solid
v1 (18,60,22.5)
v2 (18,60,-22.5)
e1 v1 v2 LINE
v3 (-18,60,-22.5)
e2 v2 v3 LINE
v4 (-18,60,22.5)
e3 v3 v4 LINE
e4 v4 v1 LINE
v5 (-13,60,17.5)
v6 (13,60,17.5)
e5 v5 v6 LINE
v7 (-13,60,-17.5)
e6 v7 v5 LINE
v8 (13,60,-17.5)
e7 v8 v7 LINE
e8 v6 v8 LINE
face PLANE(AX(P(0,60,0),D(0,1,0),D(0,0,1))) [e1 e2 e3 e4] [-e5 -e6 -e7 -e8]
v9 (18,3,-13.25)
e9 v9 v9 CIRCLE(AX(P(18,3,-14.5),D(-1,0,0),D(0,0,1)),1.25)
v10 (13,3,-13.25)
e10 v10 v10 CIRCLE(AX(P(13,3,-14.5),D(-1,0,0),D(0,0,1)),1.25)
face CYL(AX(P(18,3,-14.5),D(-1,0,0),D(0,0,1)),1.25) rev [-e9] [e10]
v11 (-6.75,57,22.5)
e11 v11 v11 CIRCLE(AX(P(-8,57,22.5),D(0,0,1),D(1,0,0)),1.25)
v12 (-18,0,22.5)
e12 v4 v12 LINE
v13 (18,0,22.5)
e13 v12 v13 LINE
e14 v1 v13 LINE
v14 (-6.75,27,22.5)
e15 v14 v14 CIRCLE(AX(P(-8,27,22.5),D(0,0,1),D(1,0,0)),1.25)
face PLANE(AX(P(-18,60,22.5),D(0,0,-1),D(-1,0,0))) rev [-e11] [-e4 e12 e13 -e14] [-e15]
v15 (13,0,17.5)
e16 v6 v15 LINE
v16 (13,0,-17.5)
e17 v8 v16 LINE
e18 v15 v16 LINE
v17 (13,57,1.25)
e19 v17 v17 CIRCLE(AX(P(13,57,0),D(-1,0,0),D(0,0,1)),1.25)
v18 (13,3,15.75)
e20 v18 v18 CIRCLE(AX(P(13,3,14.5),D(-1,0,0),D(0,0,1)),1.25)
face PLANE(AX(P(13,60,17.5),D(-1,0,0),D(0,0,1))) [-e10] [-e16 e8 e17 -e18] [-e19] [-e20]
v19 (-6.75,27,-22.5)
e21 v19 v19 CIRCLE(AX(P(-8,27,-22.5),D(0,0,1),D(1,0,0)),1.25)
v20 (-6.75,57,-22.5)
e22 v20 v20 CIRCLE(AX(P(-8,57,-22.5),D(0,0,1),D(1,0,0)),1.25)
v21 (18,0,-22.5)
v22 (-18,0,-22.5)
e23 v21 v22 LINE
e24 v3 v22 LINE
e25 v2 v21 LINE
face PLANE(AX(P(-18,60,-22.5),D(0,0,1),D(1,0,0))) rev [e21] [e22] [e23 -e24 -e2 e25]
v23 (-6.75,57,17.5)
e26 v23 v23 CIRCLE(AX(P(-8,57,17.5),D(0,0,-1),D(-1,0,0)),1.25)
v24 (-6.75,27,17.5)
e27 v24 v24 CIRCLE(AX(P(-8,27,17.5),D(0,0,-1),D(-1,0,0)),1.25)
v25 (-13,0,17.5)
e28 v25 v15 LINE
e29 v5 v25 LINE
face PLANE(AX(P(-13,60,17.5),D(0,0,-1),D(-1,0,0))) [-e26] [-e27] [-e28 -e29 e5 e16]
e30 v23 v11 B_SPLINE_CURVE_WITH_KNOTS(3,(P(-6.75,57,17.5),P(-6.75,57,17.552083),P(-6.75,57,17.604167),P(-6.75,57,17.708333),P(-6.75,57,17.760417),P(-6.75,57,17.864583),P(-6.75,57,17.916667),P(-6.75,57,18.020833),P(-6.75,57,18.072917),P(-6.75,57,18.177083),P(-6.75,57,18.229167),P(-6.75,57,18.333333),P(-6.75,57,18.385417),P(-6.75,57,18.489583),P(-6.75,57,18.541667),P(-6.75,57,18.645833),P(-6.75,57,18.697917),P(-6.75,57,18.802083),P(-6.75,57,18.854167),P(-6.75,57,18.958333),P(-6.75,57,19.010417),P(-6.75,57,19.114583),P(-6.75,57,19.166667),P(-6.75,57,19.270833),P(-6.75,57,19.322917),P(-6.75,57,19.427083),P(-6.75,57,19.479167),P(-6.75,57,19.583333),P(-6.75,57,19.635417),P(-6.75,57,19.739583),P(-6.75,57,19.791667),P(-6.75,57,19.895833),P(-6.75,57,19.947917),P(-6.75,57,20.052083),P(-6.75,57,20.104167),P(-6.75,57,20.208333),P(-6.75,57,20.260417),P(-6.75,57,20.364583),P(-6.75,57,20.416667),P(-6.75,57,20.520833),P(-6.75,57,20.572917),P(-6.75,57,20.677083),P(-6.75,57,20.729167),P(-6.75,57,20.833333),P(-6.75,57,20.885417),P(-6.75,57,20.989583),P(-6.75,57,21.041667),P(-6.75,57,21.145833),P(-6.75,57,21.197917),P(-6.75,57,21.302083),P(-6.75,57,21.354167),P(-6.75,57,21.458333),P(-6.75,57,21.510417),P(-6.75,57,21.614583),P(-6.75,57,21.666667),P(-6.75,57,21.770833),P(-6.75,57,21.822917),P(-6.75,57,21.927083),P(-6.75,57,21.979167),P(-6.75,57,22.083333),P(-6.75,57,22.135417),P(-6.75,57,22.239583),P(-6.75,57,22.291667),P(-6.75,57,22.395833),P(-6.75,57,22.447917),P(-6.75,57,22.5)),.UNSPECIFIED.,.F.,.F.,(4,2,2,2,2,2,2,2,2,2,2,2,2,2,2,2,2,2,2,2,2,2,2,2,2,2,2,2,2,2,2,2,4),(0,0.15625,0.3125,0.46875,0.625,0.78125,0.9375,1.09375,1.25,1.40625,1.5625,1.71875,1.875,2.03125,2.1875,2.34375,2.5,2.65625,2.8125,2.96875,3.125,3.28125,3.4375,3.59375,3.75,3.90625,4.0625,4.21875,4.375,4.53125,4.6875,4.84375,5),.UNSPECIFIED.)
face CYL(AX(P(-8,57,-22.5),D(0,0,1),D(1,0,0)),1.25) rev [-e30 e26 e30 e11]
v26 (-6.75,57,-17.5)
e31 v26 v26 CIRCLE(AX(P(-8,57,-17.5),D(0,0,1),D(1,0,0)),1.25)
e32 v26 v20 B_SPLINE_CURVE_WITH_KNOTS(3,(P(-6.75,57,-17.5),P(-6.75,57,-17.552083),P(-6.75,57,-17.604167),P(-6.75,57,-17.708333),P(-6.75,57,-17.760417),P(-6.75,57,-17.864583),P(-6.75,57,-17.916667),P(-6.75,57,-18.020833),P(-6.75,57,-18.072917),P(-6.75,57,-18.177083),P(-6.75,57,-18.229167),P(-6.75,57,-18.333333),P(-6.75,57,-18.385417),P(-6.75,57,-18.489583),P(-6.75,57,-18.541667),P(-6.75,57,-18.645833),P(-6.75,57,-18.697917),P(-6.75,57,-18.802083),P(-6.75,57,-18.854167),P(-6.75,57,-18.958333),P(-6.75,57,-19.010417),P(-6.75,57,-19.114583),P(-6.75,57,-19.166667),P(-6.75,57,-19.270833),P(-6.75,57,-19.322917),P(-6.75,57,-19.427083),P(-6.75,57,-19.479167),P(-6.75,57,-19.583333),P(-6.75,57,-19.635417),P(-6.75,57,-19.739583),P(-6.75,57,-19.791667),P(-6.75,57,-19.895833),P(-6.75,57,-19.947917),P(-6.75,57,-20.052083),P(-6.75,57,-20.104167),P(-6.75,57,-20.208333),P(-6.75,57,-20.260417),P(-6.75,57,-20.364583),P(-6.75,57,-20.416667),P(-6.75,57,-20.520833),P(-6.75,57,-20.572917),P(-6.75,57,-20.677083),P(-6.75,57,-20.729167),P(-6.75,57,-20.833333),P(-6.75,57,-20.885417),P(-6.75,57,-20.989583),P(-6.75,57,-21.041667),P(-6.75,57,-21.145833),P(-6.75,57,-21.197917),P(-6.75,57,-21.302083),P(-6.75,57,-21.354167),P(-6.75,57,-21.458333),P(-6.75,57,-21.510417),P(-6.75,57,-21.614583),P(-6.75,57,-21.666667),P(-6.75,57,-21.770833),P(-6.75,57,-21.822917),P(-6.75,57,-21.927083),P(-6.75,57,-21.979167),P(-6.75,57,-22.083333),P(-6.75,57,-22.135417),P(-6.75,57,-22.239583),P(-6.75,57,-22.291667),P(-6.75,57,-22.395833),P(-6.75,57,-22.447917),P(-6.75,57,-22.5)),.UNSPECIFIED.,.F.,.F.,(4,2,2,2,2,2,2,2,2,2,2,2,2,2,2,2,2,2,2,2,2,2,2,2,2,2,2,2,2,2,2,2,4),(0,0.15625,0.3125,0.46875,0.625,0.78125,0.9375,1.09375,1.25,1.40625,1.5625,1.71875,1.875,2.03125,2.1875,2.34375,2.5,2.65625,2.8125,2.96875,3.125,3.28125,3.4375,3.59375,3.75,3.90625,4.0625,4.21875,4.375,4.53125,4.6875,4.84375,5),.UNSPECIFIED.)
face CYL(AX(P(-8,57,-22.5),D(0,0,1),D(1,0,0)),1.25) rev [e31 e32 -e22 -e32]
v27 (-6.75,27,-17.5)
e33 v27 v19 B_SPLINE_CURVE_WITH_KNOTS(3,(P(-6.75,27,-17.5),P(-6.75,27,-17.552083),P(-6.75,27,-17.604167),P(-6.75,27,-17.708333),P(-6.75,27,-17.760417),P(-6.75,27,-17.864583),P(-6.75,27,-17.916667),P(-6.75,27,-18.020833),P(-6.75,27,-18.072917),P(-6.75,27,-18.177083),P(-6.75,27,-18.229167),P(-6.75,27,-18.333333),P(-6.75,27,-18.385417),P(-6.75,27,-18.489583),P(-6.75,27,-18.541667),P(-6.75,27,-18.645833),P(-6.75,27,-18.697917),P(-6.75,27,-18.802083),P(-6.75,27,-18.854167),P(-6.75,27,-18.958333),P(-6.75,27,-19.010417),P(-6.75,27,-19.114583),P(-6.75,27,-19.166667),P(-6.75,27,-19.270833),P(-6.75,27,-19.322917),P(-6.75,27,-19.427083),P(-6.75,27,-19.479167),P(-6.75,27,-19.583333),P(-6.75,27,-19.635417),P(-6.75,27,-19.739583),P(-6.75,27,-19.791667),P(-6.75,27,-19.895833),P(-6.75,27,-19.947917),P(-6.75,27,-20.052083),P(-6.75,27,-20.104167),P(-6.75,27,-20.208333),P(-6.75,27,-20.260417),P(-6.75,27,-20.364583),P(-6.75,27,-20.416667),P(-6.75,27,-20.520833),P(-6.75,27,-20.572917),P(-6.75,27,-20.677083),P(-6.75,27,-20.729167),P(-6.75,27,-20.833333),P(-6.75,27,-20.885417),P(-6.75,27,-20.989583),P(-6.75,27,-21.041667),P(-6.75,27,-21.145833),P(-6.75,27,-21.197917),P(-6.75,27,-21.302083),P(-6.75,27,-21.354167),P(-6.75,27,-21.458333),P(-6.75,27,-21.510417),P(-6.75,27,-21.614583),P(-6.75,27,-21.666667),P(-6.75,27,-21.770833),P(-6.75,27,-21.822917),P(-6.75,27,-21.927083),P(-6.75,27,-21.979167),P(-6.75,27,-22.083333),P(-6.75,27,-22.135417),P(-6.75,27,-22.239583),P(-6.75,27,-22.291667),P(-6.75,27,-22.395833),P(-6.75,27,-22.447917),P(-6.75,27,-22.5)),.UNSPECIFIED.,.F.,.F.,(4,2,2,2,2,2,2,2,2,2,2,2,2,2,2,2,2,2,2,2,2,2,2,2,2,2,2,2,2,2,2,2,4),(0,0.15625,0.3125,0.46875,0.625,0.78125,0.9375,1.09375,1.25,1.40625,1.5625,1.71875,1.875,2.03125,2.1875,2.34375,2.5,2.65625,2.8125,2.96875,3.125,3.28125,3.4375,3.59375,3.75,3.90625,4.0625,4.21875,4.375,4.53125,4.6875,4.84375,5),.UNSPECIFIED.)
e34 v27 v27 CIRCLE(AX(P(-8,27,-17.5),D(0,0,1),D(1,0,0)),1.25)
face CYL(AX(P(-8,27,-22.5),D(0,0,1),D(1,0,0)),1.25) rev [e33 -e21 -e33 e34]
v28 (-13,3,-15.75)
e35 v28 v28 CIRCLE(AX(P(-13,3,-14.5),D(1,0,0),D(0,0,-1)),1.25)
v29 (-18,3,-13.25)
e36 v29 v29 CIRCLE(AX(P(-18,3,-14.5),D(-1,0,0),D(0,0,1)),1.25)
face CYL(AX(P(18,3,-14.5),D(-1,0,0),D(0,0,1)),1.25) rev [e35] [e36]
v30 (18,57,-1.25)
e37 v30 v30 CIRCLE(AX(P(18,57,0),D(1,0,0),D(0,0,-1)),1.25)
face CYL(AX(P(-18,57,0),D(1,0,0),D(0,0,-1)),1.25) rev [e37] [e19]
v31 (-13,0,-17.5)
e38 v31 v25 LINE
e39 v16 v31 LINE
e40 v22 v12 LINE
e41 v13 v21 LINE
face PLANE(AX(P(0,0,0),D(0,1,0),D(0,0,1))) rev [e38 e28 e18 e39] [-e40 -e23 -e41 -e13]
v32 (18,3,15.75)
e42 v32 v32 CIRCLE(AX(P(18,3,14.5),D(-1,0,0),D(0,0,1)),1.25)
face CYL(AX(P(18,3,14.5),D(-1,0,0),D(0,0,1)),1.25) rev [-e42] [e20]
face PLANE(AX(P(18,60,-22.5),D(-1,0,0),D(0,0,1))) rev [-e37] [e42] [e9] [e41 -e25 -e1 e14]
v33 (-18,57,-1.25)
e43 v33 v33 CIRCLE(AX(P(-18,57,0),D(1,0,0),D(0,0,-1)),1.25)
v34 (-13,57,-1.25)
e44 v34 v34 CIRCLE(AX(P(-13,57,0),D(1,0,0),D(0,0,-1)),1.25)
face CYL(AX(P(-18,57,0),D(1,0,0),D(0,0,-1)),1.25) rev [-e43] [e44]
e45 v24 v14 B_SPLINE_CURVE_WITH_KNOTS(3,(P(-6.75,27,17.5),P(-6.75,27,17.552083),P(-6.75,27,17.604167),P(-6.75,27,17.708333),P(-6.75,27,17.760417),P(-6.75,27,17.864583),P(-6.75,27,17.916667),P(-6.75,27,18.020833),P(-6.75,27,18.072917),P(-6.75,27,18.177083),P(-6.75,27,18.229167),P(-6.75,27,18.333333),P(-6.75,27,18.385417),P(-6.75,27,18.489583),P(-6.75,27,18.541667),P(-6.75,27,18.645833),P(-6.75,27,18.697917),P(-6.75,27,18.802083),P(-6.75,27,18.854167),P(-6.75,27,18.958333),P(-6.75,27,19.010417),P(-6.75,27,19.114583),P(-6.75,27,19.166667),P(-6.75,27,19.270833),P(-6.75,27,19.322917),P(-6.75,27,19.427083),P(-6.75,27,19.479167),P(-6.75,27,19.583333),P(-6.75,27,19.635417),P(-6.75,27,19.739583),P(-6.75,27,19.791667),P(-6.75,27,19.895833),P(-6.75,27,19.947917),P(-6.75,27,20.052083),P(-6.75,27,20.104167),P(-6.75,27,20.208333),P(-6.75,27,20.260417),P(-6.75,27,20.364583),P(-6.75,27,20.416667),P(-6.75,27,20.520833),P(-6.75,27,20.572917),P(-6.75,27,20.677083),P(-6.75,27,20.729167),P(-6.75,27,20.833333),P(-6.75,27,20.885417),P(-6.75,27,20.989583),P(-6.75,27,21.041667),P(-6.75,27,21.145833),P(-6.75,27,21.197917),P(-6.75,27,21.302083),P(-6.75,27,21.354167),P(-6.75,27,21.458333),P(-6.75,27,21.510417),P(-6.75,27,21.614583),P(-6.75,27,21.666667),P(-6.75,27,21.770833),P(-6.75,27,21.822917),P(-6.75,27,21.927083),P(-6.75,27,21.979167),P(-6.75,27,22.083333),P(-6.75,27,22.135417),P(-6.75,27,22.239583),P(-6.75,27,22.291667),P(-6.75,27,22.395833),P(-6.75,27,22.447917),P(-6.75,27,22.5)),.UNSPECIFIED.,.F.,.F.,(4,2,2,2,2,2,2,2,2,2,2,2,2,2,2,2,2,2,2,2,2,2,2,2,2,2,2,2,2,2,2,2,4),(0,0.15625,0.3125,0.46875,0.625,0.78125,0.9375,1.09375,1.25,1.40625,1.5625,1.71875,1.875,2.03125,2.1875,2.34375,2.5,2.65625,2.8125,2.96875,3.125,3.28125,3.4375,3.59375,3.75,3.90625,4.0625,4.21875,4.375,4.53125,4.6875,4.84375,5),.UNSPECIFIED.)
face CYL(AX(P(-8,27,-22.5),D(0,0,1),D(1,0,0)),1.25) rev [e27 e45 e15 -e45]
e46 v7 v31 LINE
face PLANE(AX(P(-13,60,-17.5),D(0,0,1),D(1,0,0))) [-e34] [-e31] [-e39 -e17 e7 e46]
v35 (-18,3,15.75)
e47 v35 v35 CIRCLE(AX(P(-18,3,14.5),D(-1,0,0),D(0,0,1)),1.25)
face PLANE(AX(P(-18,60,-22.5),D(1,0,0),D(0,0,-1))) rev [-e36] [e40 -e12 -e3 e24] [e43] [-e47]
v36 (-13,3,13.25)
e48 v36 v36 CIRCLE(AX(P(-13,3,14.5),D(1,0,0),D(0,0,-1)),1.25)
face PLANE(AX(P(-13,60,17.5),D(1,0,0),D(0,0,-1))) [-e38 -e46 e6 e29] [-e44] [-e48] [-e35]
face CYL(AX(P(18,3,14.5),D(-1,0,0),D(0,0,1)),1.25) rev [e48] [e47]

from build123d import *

# Parameters (mm, degrees)
SKETCH_1_W          = 36
SKETCH_1_H          = 45
SKETCH_1_W_2        = 26
SKETCH_1_H_2        = 35
EXTRUDE_1_DEPTH     = 60
SKETCH_4_R          = 1.25
CUT_EXTRUDE_1_DEPTH = 74.5
SKETCH_5_R          = 1.25
CUT_EXTRUDE_2_DEPTH = 78.129760793
SKETCH_6_R          = 1.25
CUT_EXTRUDE_3_DEPTH = 74.5


with BuildPart() as part:
    # 草图1 → 凸台-拉伸1 (new body)
    with BuildSketch(Plane(origin=(0, 0, 0), x_dir=(1, 0, 0), z_dir=(0, 1, 0))):
        Rectangle(SKETCH_1_W, SKETCH_1_H)
        Rectangle(SKETCH_1_W_2, SKETCH_1_H_2, mode=Mode.SUBTRACT)
    extrude(amount=EXTRUDE_1_DEPTH)

    # 草图4 → 切除-拉伸1 (cut, through all)
    with BuildSketch(Plane.ZY.offset(18)):
        with Locations((14.5, 3)):
            Circle(SKETCH_4_R)
        with Locations((-14.5, 3)):
            Circle(SKETCH_4_R)
    extrude(amount=-CUT_EXTRUDE_1_DEPTH, mode=Mode.SUBTRACT)

    # 草图5 → 切除-拉伸2 (cut, through all)
    with BuildSketch(Plane.XY.offset(22.5)):
        with Locations((-8, 57)):
            Circle(SKETCH_5_R)
        with Locations((-8, 27)):
            Circle(SKETCH_5_R)
    extrude(amount=-CUT_EXTRUDE_2_DEPTH, mode=Mode.SUBTRACT)

    # 草图6 → 切除-拉伸3 (cut, through all)
    with BuildSketch(Plane(origin=(18, 0, 0), x_dir=(0, 0, -1), z_dir=(1, 0, 0))):
        with Locations((0, 57)):
            Circle(SKETCH_6_R)
    extrude(amount=-CUT_EXTRUDE_3_DEPTH, mode=Mode.SUBTRACT)


solid = part.part
